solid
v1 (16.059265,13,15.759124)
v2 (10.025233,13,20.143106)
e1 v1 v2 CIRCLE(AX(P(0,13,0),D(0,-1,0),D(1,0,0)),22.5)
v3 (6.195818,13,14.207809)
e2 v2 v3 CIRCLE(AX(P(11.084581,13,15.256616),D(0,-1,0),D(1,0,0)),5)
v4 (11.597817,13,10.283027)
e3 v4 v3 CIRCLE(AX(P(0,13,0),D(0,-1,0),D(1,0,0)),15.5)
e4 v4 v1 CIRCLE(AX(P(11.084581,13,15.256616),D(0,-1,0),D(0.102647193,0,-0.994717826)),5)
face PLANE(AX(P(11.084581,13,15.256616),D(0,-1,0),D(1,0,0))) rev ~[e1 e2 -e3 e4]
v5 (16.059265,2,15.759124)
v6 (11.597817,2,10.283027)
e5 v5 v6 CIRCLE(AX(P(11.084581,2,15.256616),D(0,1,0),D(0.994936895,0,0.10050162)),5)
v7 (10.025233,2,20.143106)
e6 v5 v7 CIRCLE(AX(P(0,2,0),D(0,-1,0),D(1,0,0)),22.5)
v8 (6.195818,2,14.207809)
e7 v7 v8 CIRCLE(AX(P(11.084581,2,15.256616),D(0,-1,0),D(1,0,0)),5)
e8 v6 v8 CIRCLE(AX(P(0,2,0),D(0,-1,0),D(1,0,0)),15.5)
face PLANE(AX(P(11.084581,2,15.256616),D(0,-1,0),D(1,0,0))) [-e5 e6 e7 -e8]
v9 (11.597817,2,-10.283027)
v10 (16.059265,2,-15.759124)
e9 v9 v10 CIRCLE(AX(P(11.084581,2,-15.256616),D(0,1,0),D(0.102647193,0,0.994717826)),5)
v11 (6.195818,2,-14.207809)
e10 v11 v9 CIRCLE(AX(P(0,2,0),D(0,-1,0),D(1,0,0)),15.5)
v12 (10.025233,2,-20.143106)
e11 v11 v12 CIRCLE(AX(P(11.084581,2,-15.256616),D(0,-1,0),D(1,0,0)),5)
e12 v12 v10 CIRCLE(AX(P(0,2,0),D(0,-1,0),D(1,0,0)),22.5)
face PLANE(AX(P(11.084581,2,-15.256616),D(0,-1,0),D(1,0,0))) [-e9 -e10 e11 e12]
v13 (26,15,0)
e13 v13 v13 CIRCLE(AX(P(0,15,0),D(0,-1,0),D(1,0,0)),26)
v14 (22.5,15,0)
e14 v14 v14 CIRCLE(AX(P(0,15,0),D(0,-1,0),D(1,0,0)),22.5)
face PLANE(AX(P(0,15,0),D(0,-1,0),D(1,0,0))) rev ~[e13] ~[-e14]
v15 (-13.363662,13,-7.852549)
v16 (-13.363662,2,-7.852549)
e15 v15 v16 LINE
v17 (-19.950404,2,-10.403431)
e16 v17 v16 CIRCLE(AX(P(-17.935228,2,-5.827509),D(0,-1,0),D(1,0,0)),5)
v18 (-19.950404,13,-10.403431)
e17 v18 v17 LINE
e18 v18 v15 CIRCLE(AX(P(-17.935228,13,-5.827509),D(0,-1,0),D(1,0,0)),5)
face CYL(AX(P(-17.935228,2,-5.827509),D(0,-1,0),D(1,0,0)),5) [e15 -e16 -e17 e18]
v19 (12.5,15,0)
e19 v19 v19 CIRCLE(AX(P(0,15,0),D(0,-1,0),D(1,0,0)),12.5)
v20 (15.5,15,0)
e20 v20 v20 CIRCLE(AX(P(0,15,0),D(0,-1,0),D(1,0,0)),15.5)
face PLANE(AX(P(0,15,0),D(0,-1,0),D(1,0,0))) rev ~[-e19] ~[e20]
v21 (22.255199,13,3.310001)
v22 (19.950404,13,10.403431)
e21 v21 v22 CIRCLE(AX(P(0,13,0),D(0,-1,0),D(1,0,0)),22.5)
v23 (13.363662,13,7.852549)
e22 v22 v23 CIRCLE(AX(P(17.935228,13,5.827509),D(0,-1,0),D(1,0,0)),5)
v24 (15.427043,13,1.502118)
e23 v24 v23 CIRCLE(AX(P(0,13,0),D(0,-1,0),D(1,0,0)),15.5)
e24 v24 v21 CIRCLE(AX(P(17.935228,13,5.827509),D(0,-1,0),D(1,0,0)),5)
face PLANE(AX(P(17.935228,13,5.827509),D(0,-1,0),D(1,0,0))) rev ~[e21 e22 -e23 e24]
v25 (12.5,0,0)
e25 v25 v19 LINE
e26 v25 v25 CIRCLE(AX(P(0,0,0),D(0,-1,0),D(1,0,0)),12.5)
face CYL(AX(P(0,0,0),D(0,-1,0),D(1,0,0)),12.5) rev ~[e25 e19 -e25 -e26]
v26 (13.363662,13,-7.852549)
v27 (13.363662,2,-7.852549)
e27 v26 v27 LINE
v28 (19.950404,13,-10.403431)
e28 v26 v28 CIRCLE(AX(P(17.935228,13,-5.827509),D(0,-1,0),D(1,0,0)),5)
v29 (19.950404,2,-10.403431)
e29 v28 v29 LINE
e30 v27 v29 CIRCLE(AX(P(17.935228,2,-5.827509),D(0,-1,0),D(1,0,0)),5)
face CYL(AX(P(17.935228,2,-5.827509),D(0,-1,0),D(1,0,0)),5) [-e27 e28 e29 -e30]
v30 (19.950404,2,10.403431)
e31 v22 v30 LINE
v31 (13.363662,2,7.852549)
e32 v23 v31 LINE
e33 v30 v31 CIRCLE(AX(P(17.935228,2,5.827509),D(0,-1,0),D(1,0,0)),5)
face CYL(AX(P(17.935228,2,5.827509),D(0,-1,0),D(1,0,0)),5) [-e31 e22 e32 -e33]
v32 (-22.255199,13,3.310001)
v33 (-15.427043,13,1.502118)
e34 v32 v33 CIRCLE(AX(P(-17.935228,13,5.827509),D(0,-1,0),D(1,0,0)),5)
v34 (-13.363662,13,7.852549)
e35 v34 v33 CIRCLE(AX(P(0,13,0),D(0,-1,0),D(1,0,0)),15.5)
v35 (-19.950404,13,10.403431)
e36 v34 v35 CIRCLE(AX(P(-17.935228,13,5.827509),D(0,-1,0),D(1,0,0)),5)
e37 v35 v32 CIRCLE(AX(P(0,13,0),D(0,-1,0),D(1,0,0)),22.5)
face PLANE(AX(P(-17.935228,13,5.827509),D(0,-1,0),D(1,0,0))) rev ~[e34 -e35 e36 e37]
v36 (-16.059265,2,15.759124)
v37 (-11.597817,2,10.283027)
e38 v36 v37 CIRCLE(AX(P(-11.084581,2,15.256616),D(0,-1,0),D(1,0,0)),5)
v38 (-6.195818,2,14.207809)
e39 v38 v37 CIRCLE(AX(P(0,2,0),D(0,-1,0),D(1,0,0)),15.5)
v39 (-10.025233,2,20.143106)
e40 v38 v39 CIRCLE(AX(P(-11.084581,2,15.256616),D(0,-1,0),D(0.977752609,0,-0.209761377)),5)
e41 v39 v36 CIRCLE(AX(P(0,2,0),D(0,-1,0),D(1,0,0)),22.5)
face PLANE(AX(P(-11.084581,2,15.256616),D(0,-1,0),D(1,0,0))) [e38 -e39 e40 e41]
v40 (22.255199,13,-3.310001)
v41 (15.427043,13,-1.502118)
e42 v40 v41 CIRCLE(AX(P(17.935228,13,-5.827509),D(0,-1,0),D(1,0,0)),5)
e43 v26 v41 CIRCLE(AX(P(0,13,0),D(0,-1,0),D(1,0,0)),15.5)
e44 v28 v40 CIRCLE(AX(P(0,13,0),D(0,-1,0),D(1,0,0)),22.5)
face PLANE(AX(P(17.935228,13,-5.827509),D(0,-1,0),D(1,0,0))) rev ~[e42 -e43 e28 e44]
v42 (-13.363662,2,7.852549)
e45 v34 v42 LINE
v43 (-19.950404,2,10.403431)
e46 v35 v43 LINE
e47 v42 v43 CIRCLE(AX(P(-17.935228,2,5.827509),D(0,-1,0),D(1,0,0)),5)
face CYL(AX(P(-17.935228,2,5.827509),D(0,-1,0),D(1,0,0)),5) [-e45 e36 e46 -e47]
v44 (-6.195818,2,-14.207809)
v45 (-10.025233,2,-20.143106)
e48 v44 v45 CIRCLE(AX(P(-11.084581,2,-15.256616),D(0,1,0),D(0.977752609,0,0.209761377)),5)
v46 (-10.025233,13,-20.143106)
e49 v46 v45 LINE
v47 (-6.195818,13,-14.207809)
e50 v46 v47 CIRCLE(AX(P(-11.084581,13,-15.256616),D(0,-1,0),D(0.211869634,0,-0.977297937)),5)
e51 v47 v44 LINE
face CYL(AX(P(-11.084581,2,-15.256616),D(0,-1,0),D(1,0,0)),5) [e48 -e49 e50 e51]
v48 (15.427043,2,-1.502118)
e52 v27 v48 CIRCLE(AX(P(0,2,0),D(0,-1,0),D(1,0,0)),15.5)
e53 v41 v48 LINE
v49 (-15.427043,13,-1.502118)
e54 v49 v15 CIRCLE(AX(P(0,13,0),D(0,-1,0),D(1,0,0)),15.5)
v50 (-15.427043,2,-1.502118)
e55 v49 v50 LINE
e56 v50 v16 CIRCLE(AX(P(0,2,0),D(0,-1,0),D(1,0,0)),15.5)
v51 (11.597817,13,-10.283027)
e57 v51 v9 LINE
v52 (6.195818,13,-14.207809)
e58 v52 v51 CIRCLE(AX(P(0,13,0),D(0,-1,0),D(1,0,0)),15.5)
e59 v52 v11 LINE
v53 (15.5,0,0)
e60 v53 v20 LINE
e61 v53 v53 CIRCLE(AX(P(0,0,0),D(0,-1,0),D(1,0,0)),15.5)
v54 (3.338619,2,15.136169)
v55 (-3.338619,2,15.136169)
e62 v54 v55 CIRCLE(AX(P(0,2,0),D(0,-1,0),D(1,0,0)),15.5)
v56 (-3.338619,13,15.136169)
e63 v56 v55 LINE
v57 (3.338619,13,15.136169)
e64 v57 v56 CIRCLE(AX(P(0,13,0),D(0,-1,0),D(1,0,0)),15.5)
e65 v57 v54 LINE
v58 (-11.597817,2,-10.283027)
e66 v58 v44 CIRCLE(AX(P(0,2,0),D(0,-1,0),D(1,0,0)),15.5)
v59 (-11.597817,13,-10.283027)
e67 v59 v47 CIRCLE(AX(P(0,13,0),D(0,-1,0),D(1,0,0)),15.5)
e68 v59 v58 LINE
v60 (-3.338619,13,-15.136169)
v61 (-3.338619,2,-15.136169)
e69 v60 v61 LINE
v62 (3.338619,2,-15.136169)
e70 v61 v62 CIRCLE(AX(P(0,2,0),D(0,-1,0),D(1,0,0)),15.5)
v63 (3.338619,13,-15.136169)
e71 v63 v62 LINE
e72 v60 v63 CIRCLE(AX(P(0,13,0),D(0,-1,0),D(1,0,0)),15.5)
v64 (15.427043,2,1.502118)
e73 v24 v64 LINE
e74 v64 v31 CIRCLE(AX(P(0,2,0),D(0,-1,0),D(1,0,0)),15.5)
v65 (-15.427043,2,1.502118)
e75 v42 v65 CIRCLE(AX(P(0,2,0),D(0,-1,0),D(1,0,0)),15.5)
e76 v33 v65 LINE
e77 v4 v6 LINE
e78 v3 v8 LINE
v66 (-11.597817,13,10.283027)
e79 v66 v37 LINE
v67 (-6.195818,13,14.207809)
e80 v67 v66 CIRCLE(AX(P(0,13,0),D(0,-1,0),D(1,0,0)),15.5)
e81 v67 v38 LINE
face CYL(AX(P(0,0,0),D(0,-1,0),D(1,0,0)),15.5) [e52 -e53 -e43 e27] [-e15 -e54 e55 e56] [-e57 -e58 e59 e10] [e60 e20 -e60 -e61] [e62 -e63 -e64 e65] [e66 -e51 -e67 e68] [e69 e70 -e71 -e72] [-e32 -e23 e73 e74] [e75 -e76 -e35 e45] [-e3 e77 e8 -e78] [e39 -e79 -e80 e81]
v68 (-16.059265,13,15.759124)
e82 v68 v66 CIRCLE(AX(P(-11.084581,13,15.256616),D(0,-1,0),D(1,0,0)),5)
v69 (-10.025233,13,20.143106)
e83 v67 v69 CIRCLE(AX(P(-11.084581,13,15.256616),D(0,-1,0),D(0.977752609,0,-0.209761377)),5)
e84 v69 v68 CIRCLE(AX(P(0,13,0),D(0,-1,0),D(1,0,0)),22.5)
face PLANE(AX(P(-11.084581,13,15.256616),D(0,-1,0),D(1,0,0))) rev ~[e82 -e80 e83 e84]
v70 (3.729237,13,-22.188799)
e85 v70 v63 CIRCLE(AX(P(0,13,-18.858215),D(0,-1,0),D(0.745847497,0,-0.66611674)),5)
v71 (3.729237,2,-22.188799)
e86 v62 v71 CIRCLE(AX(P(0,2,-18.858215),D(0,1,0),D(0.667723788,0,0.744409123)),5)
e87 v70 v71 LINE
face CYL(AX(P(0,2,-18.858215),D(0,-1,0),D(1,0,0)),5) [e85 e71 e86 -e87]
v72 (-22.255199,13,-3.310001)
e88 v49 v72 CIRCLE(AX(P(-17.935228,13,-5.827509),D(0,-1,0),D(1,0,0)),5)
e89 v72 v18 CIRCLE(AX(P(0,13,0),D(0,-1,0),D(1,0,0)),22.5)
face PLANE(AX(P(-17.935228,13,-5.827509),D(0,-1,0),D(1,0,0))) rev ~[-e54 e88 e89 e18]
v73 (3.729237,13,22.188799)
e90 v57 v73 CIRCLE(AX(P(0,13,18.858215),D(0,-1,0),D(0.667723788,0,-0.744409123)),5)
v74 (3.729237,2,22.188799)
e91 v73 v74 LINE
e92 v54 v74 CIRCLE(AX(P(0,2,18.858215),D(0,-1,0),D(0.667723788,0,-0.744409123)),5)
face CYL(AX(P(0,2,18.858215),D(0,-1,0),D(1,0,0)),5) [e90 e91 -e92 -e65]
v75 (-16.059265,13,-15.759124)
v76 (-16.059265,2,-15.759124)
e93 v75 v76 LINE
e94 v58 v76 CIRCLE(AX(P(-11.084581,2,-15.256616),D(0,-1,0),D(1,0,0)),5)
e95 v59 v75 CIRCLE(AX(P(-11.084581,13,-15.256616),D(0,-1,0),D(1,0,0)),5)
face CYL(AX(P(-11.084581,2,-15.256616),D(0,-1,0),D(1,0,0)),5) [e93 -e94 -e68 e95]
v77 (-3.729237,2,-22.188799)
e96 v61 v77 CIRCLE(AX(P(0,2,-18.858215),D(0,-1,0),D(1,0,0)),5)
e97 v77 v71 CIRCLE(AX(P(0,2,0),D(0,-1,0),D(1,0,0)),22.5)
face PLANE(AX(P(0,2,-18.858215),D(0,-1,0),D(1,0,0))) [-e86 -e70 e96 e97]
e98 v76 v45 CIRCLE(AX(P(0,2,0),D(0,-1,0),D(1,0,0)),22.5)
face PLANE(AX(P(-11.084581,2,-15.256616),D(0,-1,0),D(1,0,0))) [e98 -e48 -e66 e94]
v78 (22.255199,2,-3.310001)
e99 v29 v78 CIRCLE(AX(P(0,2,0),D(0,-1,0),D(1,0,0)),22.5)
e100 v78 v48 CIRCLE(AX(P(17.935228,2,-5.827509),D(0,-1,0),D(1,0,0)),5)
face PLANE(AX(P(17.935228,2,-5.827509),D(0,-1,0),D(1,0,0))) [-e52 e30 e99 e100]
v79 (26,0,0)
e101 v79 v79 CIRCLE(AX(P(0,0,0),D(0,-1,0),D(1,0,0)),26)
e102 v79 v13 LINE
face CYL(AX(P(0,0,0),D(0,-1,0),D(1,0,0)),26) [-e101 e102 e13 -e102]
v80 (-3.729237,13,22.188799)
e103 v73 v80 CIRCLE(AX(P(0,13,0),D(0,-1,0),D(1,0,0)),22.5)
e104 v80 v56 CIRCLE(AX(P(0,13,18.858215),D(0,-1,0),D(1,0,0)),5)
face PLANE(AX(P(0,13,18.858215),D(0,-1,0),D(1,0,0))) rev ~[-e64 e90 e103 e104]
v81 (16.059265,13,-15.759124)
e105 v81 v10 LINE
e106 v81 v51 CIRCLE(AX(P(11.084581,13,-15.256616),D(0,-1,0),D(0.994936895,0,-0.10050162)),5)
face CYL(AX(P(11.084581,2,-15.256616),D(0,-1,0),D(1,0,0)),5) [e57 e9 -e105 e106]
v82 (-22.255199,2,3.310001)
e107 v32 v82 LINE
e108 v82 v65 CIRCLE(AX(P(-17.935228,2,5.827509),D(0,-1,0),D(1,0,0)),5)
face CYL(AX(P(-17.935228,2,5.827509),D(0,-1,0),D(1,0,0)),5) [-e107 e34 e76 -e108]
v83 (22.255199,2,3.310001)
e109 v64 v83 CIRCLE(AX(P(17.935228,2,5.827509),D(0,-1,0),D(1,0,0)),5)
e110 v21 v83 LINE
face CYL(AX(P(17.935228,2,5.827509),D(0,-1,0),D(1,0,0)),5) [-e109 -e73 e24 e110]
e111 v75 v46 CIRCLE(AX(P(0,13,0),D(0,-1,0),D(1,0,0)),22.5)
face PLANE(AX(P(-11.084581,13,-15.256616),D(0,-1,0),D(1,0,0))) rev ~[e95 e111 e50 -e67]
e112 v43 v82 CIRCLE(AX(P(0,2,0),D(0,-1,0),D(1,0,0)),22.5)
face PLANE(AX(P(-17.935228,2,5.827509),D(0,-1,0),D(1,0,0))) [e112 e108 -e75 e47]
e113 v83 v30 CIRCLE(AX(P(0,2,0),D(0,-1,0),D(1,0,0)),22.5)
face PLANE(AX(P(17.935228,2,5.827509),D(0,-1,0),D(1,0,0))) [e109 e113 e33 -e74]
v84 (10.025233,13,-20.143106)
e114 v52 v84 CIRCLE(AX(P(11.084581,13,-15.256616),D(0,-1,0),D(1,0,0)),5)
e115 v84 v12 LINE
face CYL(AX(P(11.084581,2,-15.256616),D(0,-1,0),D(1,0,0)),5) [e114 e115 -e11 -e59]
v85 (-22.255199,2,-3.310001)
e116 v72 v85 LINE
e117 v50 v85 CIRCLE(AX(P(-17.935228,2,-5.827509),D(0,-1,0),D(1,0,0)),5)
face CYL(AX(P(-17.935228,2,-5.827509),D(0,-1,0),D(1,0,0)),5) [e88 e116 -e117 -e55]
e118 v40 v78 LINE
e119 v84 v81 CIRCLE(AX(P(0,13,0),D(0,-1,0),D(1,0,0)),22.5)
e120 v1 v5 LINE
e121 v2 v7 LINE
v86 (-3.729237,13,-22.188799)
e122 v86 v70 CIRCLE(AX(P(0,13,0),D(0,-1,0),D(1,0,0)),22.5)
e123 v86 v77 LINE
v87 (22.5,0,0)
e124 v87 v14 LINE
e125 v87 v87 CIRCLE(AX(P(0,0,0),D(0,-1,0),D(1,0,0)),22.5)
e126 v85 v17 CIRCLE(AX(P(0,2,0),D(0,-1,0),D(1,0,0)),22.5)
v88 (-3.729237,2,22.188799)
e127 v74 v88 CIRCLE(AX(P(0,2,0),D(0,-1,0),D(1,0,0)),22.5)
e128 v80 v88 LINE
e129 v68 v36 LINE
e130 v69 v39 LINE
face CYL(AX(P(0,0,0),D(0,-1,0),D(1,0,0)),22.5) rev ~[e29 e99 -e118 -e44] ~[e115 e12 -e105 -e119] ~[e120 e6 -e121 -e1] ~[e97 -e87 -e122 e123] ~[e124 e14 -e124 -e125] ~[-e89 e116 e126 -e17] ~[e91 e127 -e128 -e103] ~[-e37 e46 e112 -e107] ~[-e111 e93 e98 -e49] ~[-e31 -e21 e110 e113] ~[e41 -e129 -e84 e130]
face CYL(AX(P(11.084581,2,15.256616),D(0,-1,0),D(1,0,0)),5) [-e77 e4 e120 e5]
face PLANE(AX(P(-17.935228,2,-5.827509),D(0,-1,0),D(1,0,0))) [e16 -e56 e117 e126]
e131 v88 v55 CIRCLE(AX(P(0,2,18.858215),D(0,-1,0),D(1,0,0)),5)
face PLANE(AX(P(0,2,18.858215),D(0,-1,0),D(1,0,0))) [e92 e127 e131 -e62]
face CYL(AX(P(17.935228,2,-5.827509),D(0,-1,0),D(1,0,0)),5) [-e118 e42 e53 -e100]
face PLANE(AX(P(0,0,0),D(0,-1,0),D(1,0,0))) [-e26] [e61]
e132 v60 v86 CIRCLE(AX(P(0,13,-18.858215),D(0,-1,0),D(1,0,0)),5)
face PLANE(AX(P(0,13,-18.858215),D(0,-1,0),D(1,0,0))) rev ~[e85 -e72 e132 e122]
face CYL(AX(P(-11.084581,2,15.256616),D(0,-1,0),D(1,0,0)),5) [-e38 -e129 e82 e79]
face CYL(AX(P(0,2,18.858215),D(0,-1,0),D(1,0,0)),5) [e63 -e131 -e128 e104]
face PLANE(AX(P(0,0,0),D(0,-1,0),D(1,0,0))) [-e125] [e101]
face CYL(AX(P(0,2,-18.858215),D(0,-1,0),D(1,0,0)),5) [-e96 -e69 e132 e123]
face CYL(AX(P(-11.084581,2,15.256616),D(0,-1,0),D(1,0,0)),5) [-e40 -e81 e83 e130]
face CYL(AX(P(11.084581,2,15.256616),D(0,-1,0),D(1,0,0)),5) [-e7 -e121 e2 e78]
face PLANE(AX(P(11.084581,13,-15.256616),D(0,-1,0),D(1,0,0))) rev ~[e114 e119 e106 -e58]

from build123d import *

# Parameters (mm, degrees)
F0_R     = 26
F0_R_2   = 22.5
F0_R_3   = 15.5
F0_R_4   = 12.5
F1_DEPTH = 15
F3_R     = 5
F4_DEPTH = 11


with BuildPart() as f1:
    # F0 (on Front) → F1 (new body)
    with BuildSketch(Plane.XZ):
        Circle(F0_R)
        Circle(F0_R_2, mode=Mode.SUBTRACT)
        Circle(F0_R_3)
        Circle(F0_R_4, mode=Mode.SUBTRACT)
    extrude(amount=-F1_DEPTH)

    # F3 (on offset) → F4 (join)
    with BuildSketch(Plane.XZ.offset(-2)):
        with Locations((11.084581, 15.256616)):
            Circle(F3_R)
        with Locations((17.935228, 5.827509)):
            Circle(F3_R)
        with Locations((17.935228, -5.827509)):
            Circle(F3_R)
        with Locations((11.084581, -15.256616)):
            Circle(F3_R)
        with Locations((0, -18.858215)):
            Circle(F3_R)
        with Locations((-11.084581, -15.256616)):
            Circle(F3_R)
        with Locations((-17.935228, -5.827509)):
            Circle(F3_R)
        with Locations((-11.084581, 15.256616)):
            Circle(F3_R)
        with Locations((0, 18.858215)):
            Circle(F3_R)
        with Locations((-17.935228, 5.827509)):
            Circle(F3_R)
    extrude(amount=-F4_DEPTH)


solid = f1.part
